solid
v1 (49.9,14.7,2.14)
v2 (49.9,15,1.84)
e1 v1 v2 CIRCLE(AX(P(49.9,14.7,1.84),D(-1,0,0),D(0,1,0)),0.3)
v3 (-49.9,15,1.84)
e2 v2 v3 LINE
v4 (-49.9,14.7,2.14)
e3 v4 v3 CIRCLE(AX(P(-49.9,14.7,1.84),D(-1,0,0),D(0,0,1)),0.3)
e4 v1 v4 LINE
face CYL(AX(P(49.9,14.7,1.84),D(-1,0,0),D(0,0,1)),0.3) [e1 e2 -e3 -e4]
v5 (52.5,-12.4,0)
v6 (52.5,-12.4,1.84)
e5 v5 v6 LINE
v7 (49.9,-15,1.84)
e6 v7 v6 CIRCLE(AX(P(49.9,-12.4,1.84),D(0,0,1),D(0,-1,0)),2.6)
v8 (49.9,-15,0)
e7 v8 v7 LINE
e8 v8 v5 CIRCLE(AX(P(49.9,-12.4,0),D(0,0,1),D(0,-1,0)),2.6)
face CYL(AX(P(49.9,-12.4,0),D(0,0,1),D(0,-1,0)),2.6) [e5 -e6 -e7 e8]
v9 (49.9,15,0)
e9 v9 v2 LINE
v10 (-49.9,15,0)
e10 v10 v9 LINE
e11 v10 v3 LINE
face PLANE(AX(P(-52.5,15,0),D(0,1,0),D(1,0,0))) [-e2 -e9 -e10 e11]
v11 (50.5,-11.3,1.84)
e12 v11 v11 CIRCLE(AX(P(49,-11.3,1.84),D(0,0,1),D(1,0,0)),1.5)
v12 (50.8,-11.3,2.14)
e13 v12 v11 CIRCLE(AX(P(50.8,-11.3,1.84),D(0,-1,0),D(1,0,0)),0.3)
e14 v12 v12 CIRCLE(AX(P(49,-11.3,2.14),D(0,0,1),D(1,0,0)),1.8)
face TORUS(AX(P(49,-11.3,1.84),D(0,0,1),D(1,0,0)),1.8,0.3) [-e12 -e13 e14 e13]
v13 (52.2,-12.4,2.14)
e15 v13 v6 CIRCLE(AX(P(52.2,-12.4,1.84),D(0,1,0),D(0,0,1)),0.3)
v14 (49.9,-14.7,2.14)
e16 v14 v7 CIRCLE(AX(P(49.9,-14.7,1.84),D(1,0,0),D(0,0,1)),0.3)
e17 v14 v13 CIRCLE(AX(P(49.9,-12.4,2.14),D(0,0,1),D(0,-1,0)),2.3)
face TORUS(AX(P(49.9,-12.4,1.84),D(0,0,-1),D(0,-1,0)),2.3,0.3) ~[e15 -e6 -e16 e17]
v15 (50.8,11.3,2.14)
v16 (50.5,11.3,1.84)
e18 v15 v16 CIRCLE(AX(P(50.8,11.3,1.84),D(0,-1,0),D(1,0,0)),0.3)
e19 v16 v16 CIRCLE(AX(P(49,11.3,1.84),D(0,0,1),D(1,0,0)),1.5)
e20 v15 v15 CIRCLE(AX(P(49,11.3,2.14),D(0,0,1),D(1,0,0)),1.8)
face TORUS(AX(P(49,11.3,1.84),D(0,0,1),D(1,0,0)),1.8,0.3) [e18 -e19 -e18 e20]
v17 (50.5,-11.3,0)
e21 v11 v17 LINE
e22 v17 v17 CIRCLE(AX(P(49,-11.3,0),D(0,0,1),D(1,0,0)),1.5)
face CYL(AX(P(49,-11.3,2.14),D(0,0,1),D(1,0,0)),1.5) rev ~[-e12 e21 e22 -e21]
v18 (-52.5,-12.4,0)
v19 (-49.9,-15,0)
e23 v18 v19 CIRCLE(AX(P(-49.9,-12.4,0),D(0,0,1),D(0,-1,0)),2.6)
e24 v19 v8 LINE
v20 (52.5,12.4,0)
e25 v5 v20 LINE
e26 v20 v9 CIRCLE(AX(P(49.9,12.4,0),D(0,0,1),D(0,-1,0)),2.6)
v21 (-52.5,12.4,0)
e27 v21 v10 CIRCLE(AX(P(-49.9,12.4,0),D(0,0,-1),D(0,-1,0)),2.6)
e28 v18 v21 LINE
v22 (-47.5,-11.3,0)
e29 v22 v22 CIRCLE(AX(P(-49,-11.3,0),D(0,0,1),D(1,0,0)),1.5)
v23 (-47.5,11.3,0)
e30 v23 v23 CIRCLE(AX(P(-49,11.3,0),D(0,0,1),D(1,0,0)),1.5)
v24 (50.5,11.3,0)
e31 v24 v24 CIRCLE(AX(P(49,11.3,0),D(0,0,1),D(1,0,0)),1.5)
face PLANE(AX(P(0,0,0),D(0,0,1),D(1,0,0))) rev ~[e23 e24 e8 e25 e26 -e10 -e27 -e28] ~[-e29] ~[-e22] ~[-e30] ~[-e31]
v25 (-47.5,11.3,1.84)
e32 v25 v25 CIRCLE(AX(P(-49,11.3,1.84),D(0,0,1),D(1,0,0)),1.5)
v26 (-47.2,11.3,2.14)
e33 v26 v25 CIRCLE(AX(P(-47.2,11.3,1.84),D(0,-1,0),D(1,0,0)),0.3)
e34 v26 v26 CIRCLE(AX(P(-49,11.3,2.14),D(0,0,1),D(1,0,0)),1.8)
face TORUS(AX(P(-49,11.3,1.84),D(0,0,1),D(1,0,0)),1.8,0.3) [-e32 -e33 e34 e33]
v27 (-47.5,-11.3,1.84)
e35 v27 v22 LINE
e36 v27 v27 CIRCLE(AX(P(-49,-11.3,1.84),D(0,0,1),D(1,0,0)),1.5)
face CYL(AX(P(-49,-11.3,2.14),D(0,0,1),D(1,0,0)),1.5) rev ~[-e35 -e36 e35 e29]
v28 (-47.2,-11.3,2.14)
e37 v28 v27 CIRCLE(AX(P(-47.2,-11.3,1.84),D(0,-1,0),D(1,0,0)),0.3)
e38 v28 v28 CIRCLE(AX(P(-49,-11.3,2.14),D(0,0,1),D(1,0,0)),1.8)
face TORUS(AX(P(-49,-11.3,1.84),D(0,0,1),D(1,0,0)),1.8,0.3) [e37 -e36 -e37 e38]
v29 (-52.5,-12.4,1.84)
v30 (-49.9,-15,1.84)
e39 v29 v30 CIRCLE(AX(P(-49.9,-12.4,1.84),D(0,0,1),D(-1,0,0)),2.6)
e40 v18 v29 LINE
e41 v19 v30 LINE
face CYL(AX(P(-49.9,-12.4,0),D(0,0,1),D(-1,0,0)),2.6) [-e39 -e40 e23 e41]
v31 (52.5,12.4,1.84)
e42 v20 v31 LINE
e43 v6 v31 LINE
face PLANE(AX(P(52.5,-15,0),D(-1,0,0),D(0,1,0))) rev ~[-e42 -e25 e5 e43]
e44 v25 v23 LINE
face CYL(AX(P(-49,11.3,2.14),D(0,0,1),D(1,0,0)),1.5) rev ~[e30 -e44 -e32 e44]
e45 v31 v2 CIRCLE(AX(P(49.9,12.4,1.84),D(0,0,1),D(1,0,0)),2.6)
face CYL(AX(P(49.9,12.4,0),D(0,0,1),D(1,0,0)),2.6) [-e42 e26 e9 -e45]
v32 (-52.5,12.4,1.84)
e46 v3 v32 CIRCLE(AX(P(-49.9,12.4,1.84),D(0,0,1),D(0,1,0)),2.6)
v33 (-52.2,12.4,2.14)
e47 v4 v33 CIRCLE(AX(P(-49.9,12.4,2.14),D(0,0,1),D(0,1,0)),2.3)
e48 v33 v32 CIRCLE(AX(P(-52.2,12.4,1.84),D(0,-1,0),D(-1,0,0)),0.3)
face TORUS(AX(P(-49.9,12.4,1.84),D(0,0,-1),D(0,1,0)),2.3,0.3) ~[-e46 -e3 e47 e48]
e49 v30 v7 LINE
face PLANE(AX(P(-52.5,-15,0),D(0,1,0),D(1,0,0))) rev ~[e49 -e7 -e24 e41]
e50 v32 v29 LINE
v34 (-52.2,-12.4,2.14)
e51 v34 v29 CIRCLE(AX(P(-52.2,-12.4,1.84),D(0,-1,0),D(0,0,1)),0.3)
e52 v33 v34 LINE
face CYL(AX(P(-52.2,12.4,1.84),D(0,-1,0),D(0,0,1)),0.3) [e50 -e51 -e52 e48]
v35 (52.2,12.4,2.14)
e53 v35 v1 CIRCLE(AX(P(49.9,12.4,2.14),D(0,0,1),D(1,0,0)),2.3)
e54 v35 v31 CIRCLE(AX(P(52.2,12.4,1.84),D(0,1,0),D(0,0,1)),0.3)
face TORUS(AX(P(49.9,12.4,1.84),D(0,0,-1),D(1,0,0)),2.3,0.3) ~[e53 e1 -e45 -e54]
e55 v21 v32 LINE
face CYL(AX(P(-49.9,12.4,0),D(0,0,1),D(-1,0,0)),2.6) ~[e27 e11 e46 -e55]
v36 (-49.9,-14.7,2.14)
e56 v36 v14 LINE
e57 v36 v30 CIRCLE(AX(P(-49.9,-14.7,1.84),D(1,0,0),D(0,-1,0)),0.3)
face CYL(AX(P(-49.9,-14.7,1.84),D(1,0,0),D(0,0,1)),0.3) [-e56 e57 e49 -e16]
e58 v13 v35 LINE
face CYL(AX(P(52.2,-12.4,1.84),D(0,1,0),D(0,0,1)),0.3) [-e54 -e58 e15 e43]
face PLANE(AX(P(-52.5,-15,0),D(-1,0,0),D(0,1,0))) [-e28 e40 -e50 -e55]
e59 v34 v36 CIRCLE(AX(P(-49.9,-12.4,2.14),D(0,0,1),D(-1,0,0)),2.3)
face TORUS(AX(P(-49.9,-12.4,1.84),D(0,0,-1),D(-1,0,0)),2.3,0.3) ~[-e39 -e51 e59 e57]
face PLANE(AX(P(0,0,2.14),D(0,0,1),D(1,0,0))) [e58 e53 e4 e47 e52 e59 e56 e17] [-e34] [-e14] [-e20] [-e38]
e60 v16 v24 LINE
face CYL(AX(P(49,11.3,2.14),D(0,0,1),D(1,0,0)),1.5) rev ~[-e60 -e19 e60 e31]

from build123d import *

# Parameters (mm, degrees)
F0_W     = 105
F0_H     = 30
F1_DEPTH = 2.14
F2_R     = 2.6
F3_R     = 1.5
F4_DEPTH = 2.14
F5_R     = 0.3


with BuildPart() as f1:
    # F0 (on Top) → F1 (new body)
    with BuildSketch(Plane.XY):
        Rectangle(F0_W, F0_H)
    extrude(amount=F1_DEPTH)

    # F2
    f2_edges = [f1.edges().sort_by_distance(p)[0] for p in [
        (-52.5, -15, 1.07),
        (-52.5, 15, 1.07),
        (52.5, 15, 1.07),
        (52.5, -15, 1.07),
    ]]
    fillet(f2_edges, radius=F2_R)

    # F3 (on face) → F4 (cut, through all)
    with BuildSketch(Plane.XY.offset(2.14)):
        with Locations((-49, 11.3)):
            Circle(F3_R)
        with Locations((-49, -11.3)):
            Circle(F3_R)
        with Locations((49, -11.3)):
            Circle(F3_R)
        with Locations((49, 11.3)):
            Circle(F3_R)
    extrude(amount=-F4_DEPTH, mode=Mode.SUBTRACT)

    # F5
    f5_edges = [f1.edges().sort_by_distance(p)[0] for p in [
        (52.5, 0, 2.14),
        (51.738478, -14.238478, 2.14),
        (51.738478, 14.238478, 2.14),
        (0, -15, 2.14),
        (0, 15, 2.14),
        (-51.738478, -14.238478, 2.14),
        (-51.738478, 14.238478, 2.14),
        (-52.5, 0, 2.14),
        (-50.5, -11.3, 2.14),
        (47.5, -11.3, 2.14),
        (-50.5, 11.3, 2.14),
        (47.5, 11.3, 2.14),
    ]]
    fillet(f5_edges, radius=F5_R)


solid = f1.part
